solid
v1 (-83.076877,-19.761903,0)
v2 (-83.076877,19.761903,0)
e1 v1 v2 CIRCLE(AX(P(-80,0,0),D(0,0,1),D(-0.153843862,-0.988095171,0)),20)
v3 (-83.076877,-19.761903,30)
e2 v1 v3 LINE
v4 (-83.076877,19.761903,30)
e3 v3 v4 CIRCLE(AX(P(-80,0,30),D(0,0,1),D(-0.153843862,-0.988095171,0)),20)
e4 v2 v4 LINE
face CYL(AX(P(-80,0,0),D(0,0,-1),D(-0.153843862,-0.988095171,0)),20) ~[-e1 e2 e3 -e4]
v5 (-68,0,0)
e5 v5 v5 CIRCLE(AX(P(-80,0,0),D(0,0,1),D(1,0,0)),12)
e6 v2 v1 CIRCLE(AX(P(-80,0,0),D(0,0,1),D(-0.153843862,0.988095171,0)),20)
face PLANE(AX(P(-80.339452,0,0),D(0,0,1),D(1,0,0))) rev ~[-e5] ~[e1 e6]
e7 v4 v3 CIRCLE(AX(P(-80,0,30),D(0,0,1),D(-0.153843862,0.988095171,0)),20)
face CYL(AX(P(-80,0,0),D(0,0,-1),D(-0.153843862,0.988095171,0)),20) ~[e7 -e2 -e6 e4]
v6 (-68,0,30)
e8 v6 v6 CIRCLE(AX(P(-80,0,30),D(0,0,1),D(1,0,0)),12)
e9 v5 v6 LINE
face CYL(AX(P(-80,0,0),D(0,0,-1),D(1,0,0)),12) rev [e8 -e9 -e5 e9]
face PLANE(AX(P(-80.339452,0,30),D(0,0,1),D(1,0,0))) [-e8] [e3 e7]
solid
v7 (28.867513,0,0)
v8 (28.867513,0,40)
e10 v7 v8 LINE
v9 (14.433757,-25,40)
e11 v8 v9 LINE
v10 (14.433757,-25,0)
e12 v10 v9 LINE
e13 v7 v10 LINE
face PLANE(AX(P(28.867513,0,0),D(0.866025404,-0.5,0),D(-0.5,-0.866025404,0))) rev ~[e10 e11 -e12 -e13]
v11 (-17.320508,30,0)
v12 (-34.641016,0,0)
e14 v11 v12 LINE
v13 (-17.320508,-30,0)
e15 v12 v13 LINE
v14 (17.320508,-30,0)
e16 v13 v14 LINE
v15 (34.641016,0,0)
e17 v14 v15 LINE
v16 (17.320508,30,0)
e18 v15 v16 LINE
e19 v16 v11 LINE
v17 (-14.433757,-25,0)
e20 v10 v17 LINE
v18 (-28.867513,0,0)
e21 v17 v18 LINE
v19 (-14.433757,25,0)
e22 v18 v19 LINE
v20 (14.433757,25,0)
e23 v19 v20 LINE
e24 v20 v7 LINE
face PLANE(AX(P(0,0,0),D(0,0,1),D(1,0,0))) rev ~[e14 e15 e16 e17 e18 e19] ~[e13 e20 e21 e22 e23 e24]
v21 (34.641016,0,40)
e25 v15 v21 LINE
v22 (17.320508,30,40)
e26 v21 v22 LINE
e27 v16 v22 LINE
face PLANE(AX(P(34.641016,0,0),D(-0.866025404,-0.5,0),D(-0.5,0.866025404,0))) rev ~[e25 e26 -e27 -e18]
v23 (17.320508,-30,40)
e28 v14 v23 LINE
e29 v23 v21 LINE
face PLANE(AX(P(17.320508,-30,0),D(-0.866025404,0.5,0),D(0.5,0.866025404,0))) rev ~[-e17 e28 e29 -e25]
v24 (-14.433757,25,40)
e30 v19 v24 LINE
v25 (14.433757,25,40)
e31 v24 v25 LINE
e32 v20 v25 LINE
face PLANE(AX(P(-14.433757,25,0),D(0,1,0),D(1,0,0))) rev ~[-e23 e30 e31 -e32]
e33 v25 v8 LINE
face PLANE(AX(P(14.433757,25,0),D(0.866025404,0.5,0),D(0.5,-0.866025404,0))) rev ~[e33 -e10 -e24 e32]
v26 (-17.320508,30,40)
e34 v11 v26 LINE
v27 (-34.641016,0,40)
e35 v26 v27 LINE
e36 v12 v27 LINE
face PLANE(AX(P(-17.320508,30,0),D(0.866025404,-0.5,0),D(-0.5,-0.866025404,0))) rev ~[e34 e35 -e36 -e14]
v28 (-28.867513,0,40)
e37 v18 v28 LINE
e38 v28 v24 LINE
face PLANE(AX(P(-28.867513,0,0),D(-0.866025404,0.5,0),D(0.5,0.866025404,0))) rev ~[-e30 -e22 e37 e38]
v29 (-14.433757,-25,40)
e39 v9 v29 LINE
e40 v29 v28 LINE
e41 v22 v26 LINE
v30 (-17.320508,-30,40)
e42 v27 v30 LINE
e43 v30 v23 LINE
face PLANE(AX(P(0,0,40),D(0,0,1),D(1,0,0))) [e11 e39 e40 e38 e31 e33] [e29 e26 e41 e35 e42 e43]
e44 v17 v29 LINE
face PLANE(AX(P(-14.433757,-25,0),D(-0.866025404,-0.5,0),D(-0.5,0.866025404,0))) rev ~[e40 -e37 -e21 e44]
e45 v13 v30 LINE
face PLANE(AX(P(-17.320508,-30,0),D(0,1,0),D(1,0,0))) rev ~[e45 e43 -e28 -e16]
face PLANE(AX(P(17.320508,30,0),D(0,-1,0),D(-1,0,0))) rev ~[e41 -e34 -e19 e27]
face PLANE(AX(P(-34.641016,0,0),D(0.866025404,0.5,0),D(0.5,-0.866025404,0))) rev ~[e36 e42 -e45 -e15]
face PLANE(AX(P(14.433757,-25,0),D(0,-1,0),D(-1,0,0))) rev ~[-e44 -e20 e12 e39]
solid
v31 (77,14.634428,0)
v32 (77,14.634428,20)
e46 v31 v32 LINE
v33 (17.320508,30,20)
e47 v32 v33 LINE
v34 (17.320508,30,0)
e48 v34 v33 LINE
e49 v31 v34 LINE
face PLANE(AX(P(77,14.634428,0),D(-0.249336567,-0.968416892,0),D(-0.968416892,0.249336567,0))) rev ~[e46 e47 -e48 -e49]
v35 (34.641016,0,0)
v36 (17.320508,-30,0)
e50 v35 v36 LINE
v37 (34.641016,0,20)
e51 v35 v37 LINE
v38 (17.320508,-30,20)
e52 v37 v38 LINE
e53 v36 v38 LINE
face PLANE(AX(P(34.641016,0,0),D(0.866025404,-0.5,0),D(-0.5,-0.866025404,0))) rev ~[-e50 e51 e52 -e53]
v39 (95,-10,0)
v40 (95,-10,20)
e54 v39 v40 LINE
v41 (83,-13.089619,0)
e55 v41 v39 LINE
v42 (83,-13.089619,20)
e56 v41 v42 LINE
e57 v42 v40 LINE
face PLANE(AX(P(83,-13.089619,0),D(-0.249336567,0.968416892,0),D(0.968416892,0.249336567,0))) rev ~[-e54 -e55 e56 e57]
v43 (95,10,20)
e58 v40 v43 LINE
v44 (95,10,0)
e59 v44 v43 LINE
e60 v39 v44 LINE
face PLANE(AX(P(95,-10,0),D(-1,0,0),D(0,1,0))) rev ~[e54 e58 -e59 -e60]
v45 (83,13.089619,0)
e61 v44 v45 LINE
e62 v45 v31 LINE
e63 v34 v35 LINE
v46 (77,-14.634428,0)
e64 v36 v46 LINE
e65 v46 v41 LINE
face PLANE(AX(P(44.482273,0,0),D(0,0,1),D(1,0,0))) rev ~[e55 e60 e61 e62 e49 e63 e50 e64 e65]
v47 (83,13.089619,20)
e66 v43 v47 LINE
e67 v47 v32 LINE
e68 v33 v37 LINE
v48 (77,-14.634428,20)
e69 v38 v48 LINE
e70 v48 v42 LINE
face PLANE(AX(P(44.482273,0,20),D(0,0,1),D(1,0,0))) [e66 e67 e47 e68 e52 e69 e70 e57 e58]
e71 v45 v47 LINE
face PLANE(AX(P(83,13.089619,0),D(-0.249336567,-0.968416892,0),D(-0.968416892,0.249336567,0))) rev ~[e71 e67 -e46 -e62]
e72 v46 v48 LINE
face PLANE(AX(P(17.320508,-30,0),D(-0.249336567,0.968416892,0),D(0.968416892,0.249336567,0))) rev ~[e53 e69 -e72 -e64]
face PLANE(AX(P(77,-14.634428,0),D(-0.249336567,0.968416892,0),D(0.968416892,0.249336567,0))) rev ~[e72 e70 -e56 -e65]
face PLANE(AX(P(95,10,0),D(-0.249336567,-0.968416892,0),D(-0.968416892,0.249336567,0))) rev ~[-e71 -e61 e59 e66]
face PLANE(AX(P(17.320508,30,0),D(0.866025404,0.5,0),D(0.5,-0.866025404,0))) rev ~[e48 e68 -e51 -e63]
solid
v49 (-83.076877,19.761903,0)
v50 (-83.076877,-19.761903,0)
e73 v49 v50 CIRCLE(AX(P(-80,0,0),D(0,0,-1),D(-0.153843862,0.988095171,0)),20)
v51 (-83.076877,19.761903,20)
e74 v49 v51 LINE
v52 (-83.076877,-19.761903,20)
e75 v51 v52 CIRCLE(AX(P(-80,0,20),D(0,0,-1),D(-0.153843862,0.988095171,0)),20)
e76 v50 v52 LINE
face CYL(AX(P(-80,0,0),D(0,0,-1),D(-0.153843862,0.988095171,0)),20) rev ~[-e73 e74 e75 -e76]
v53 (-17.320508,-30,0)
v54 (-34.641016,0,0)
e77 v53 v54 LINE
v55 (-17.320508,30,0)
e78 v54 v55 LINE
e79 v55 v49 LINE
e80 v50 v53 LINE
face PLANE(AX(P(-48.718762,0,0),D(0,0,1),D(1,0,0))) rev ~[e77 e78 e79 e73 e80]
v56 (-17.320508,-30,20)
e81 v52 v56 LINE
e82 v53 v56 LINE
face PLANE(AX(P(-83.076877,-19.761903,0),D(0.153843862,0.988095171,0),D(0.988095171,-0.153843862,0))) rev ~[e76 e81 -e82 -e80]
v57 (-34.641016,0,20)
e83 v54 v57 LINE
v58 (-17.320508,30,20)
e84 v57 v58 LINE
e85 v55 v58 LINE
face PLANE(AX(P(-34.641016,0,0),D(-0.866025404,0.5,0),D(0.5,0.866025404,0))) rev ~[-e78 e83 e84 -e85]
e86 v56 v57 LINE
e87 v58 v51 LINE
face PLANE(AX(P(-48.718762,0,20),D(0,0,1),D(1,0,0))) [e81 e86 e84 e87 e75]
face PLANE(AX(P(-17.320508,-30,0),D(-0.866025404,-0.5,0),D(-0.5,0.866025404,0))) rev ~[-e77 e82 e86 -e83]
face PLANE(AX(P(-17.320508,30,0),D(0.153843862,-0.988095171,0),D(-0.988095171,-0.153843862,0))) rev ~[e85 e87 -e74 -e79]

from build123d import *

# Parameters (mm, degrees)
F1_DEPTH = 40
F0_R     = 12
F2_DEPTH = 30
F3_DEPTH = 20


with BuildPart() as f1:
    # F0 (on Top) → F1 (new body)
    with BuildSketch(Plane.XY):
        Polygon((17.3205080757, 30), (-17.3205080757, 30), (-34.6410161514, 0), (-17.3205080757, -30), (0, -30), (17.3205080757, -30), (34.6410161514, 0), align=None)
        Polygon((-28.8675134595, 0), (-14.4337567297, 25), (14.4337567297, 25), (28.8675134595, 0), (14.4337567297, -25), (-14.4337567297, -25), align=None, mode=Mode.SUBTRACT)
    extrude(amount=F1_DEPTH)


with BuildPart() as f2:
    # F0 (on Top) → F2 (new body)
    with BuildSketch(Plane.XY):
        with BuildLine():
            ThreePointArc((-60, 0), (-66.991109672, 15.1910754206), (-83.0768772434, 19.7619034111))
            ThreePointArc((-83.0768772434, 19.7619034111), (-100, 0), (-83.0768772434, -19.7619034111))
            ThreePointArc((-83.0768772434, -19.7619034111), (-66.991109672, -15.1910754206), (-60, 0))
        make_face()
        with Locations((-80, 0)):
            Circle(F0_R, mode=Mode.SUBTRACT)
    extrude(amount=F2_DEPTH)


with BuildPart() as f3:
    # F0 (on Top) → F3 (new body)
    with BuildSketch(Plane.XY):
        with BuildLine():
            Line((-34.6410161514, 0), (-17.3205080757, 30))
            Line((-17.3205080757, 30), (-83.0768772434, 19.7619034111))
            ThreePointArc((-83.0768772434, 19.7619034111), (-66.991109672, 15.1910754206), (-60, 0))
            ThreePointArc((-60, 0), (-66.991109672, -15.1910754206), (-83.0768772434, -19.7619034111))
            Line((-83.0768772434, -19.7619034111), (-17.3205080757, -30))
            Line((-17.3205080757, -30), (-34.6410161514, 0))
        make_face()
    extrude(amount=F3_DEPTH)


with BuildPart() as f3b:
    # F0 (on Top) → F3, piece 2 (new body)
    with BuildSketch(Plane.XY):
        Polygon((77, 14.6344278404), (17.3205080757, 30), (34.6410161514, 0), (17.3205080757, -30), (77, -14.6344278404), align=None)
        Polygon((95, 0), (83, 0), (83, -13.0896185602), (95, -10), align=None)
        Polygon((95, 10), (83, 13.0896185602), (83, 0), (95, 0), align=None)
        Polygon((83, 0), (80, 0), (80, -13.8620232003), (83, -13.0896185602), align=None)
        Polygon((80, 13.8620232003), (77, 14.6344278404), (77, -14.6344278404), (80, -13.8620232003), (80, 0), align=None)
        Polygon((83, 13.0896185602), (80, 13.8620232003), (80, 0), (83, 0), align=None)
    extrude(amount=F3_DEPTH)


solid = Compound([f1.part, f2.part, f3.part, f3b.part])
